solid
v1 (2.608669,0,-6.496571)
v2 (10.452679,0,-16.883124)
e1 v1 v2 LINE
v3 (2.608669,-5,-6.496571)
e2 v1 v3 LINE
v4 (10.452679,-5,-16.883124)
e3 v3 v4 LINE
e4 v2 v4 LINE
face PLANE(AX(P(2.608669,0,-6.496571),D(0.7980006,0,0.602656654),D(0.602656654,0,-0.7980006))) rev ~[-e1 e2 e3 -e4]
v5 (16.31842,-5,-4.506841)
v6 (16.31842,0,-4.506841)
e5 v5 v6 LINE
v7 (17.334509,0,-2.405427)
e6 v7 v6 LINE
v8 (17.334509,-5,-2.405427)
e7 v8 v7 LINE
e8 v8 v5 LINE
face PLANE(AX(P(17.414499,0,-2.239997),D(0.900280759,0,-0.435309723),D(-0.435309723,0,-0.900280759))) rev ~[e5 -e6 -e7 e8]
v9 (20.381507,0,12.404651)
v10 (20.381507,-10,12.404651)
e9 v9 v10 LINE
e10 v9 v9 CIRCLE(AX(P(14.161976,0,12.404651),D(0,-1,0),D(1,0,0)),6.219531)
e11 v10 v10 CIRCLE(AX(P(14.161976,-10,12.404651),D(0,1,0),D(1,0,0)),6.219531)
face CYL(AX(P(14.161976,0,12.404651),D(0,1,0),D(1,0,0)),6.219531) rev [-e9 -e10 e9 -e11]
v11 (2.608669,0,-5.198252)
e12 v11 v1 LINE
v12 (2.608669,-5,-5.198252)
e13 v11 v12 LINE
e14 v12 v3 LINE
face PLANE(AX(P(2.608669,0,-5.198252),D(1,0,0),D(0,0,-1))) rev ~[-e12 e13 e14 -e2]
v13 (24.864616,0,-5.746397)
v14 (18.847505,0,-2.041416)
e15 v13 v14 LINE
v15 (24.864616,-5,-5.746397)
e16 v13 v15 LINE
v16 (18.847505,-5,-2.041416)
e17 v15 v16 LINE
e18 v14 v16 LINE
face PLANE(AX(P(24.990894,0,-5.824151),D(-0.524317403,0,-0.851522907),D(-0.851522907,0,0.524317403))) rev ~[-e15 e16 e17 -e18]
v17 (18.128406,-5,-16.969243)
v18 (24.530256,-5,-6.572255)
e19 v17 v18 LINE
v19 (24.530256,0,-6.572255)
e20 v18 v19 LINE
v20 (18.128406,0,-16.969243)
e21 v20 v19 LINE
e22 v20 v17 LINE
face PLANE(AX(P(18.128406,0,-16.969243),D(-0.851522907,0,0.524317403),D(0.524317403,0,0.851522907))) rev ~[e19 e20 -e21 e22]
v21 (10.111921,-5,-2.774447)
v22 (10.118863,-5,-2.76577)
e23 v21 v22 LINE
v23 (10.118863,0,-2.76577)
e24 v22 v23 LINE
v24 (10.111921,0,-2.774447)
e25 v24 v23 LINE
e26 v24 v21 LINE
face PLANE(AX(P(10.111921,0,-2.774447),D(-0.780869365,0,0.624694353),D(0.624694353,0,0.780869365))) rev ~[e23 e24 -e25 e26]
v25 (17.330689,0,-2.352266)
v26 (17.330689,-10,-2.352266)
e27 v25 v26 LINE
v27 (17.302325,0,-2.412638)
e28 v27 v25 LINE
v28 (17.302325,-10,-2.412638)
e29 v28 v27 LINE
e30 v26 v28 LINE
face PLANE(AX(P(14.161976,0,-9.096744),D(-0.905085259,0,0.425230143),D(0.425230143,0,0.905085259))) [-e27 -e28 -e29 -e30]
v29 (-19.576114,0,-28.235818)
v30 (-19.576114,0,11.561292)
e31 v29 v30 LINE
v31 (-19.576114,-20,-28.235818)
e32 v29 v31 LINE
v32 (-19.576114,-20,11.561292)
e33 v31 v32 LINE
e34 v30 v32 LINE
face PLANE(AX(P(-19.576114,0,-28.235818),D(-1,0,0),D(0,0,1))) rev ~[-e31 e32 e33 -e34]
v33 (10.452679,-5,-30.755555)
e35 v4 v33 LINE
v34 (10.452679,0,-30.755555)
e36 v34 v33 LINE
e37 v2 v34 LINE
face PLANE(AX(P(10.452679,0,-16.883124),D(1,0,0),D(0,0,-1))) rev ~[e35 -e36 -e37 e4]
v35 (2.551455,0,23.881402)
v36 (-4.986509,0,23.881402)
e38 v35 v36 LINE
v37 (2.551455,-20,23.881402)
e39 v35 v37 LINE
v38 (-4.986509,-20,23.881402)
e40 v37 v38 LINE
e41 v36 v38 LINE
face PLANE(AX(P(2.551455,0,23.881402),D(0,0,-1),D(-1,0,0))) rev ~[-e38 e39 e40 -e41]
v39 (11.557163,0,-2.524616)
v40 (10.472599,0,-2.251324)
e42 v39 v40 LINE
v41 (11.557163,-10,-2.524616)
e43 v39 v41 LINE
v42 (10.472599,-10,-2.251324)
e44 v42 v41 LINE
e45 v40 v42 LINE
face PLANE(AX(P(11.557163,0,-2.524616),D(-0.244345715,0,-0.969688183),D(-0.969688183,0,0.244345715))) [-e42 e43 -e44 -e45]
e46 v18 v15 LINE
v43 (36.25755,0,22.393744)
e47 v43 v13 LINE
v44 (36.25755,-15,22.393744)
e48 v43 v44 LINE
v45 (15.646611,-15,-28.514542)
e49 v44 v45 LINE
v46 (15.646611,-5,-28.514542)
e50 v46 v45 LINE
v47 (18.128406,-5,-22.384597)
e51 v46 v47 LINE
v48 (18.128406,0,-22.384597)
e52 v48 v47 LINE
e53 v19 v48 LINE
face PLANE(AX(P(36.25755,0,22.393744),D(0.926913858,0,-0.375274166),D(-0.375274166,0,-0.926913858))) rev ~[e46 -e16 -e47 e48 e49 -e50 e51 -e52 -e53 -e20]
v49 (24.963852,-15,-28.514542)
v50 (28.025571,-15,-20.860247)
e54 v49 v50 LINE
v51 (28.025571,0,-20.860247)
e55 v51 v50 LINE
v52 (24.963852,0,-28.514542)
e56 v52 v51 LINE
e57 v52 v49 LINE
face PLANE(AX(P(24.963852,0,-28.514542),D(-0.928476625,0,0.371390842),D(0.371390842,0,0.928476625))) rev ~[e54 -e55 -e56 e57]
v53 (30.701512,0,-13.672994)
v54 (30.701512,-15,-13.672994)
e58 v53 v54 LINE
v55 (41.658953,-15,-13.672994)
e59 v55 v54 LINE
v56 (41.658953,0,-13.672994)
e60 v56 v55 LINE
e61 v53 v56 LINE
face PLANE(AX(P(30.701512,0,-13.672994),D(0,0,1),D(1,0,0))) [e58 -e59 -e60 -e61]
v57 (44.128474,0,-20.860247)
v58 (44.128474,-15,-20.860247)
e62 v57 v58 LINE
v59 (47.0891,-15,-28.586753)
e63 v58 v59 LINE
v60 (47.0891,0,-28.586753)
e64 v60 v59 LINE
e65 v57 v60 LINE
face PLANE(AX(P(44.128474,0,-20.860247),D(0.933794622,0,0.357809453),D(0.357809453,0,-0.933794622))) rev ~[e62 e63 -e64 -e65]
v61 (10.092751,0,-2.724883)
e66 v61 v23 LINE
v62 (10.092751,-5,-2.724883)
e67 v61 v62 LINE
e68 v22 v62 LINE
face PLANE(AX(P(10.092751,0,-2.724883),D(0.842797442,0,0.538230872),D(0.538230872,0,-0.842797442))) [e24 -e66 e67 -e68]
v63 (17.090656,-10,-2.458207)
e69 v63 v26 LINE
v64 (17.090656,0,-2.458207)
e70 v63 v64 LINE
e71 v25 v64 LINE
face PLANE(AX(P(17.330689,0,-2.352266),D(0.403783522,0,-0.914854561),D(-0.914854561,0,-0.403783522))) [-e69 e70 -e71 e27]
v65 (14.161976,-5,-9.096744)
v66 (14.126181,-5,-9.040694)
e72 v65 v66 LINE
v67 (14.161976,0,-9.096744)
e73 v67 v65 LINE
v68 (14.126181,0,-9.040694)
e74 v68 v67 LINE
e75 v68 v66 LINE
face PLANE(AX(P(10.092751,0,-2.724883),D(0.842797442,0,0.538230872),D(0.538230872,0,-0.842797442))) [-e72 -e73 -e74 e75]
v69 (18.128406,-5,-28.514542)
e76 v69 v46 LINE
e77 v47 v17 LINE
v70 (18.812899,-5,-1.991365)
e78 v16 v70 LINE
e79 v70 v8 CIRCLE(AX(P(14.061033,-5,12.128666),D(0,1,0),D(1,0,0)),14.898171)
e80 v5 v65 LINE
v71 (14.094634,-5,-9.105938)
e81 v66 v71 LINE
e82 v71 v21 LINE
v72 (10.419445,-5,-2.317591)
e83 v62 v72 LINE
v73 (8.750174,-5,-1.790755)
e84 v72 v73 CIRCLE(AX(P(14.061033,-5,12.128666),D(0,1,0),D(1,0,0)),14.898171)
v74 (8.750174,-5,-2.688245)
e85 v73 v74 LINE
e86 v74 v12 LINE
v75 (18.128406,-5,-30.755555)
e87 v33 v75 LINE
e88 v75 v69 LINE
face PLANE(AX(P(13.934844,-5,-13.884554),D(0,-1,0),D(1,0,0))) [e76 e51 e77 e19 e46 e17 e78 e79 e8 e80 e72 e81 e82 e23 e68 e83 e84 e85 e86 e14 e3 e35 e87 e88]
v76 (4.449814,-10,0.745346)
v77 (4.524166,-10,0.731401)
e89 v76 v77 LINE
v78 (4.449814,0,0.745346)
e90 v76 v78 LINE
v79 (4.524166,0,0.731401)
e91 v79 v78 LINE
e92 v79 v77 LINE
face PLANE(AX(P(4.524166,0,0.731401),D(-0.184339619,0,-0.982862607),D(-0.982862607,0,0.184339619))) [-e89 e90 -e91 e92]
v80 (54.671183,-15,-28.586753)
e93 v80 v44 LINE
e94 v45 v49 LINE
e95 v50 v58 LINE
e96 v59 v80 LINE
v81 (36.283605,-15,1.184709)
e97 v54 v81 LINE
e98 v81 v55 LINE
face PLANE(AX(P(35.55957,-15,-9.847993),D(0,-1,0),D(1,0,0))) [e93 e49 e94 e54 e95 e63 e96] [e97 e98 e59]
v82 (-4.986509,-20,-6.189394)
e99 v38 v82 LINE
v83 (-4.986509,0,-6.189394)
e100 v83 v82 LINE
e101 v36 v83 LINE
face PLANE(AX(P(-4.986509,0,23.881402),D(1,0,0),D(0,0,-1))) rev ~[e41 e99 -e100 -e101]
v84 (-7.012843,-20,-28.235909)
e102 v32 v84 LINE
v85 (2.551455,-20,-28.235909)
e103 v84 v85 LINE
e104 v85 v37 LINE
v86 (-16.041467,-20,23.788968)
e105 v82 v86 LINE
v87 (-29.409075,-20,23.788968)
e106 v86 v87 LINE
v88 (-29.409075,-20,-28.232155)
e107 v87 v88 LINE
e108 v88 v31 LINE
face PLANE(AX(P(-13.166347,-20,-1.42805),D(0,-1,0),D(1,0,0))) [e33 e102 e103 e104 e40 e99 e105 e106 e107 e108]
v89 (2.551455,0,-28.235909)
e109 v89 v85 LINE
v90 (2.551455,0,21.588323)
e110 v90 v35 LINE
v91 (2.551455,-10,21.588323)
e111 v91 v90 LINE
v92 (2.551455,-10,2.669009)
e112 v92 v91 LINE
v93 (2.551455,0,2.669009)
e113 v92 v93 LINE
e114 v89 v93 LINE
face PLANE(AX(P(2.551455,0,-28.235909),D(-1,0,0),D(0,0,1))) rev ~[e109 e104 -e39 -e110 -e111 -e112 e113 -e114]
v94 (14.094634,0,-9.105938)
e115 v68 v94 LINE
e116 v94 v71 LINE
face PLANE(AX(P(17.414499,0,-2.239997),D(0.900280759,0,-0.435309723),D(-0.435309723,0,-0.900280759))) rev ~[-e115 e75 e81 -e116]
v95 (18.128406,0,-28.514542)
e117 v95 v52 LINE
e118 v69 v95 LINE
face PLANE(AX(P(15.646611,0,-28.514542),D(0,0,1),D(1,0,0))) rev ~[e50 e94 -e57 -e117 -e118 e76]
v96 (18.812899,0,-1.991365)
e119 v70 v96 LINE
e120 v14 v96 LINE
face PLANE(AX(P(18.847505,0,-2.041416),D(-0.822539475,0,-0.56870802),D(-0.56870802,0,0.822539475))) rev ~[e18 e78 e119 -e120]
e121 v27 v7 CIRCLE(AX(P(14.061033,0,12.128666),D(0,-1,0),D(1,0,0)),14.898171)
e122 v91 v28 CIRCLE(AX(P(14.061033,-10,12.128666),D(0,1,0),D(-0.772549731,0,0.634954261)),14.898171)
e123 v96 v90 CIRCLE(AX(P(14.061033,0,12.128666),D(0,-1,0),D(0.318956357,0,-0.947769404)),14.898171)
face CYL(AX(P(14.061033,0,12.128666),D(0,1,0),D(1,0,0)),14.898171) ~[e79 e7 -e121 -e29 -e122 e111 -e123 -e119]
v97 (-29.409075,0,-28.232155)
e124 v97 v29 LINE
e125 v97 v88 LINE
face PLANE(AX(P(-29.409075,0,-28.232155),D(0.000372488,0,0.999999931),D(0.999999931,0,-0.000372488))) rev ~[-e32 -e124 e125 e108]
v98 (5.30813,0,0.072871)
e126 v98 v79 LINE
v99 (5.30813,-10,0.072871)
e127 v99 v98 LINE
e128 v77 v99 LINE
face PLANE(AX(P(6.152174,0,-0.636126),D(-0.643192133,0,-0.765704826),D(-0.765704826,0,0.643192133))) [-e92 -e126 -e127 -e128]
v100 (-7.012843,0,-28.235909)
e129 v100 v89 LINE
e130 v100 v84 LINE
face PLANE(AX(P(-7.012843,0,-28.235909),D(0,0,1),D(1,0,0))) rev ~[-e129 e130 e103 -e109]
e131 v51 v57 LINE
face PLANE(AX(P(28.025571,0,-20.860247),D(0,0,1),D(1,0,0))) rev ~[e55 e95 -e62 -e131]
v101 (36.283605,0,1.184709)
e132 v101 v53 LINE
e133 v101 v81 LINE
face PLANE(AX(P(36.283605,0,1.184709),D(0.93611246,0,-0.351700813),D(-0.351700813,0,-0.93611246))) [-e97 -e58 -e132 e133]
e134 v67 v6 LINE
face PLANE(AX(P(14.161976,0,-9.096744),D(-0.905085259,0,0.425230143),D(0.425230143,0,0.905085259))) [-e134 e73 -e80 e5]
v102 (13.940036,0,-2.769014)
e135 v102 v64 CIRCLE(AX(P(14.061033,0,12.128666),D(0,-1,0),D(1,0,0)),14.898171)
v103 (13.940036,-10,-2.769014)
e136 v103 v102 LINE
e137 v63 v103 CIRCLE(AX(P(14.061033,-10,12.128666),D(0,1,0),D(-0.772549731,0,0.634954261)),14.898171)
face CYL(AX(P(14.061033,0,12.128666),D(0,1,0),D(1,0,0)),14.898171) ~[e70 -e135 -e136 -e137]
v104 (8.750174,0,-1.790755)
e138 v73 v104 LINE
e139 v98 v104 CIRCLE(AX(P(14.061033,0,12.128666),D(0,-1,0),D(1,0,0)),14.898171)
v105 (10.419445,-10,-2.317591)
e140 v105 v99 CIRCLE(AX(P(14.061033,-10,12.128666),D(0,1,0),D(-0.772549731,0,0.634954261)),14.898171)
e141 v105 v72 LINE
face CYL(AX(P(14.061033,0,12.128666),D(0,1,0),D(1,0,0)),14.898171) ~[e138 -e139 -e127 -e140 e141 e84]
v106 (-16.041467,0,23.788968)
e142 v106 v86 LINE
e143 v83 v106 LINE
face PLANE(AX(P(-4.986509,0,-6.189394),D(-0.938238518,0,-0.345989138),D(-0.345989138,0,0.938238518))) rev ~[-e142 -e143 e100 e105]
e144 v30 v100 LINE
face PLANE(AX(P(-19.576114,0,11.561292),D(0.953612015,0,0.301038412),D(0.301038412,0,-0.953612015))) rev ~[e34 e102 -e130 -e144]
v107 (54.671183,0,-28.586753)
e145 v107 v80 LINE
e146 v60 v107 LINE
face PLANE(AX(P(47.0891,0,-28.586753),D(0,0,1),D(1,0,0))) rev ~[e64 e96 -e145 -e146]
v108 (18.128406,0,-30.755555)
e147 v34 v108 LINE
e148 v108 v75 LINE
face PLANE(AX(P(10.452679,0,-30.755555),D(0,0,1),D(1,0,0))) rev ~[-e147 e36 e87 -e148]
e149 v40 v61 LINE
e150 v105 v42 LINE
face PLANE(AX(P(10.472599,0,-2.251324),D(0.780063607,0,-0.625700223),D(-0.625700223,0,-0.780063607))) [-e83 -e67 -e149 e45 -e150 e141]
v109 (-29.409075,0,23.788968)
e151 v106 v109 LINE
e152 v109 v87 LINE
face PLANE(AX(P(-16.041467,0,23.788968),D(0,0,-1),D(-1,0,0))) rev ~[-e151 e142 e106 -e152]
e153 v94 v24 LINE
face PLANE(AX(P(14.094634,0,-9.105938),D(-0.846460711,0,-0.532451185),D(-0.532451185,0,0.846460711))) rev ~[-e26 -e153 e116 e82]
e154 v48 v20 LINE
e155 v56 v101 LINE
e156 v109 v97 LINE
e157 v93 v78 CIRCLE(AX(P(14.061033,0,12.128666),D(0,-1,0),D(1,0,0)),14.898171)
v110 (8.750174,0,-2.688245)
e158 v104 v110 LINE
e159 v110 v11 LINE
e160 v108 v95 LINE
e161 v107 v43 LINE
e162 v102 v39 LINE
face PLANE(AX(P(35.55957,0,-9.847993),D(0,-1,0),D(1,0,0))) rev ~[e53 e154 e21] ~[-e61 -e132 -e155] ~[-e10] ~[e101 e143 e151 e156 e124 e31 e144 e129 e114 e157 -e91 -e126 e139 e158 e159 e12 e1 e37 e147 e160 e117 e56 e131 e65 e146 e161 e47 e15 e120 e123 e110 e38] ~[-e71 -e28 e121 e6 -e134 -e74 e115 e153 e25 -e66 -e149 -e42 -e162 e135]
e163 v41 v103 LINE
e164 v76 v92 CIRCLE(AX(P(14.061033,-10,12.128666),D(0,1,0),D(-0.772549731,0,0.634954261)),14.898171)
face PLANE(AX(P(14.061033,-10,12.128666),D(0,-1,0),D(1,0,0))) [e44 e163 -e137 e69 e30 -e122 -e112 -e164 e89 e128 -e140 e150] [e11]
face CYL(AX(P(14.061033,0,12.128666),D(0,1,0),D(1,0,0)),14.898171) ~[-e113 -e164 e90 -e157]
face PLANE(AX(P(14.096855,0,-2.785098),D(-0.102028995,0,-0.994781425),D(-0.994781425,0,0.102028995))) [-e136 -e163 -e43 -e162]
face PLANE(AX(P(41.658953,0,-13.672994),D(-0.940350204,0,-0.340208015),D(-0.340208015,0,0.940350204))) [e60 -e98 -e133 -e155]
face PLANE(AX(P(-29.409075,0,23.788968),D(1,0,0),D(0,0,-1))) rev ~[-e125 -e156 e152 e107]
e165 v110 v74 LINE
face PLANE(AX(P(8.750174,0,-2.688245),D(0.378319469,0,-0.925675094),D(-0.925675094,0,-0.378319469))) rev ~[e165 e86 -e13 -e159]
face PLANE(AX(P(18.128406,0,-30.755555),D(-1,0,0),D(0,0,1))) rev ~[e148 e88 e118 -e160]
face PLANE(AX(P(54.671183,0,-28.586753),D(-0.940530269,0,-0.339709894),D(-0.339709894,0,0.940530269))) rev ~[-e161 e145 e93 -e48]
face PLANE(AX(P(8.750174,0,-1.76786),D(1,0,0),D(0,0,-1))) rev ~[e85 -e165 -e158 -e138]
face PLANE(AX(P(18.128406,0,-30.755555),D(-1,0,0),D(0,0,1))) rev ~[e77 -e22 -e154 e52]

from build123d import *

# Parameters (mm, degrees)
F6_DEPTH  = 20
F7_DEPTH  = 5
F2_R      = 14.8981709713
F8_DEPTH  = 10
F9_DEPTH  = 15
F5_R      = 6.2195311323
F10_DEPTH = 20.001


with BuildPart() as f6:
    # F1 (on Front) → F6 (new body)
    with BuildSketch(Plane.XZ):
        Polygon((-29.4090751559, 23.7889681011), (-29.4090751559, -28.2321553677), (-19.5761136711, -28.2358180233), (-19.5761136711, 11.5612922236), (-7.0128426887, -28.2359085977), (2.5514548179, -28.2359085977), (2.5514548179, 23.8814018667), (-4.9865087494, 23.8814018667), (-4.9865087494, -6.1893938109), (-16.0414669663, 23.7889681011), align=None)
    extrude(amount=F6_DEPTH)



with BuildPart() as f7:
    # F3 (on Front) → F7 (new body)
    with BuildSketch(Plane.XZ):
        Polygon((10.5204042047, -2.2638426162), (8.7501741946, -1.767860345), (8.7501741946, -2.6882454621), (2.6086692233, -5.1982523873), (2.6086692233, -6.4965714701), (10.4526793584, -16.883123666), (10.4526793584, -30.7555552572), (18.1284062564, -30.7555552572), (18.1284062564, -16.9692430645), (24.9908941437, -5.8241511643), (18.8475046307, -2.0414155442), (18.2504130668, -1.177824098), (17.1879893938, -1.9123892853), (17.4144990742, -2.239997033), (14.0946339816, -9.1059375554), (10.1119214669, -2.7744469699), align=None)
    extrude(amount=F7_DEPTH)


with BuildPart() as f6_1:
    add(f6.part)

    add(f7.part)  # F8 merges F7
    # F2 (on Front) → F8 (join)
    with BuildSketch(Plane.XZ):
        with Locations((14.0610327944, 12.1286660433)):
            Circle(F2_R)
    extrude(amount=F8_DEPTH)

    # F4 (on Front) → F9 (join)
    with BuildSketch(Plane.XZ):
        Polygon((54.6711832285, -28.5867527127), (36.2575501204, 22.3937444389), (15.6466114905, -28.5145416856), (24.9638519287, -28.5145416856), (28.0255712569, -20.860247314), (44.1284738481, -20.860247314), (47.089099884, -28.5867527127), align=None)
    extrude(amount=F9_DEPTH)

    # F5 (on Front) + F0 (on Front) → F10 (cut, through all)
    with BuildSketch(Plane.XZ):
        Polygon((10.4725992623, -2.2513235357), (10.0927506823, -2.7248826654), (14.1619760543, -9.0967444703), (17.3306893557, -2.3522656411), (16.3500196487, -2.7850975748), (14.0968551859, -2.7850975748), (11.5571627393, -2.5246159639), align=None)
        with Locations((14.1619760543, 12.4046513811)):
            Circle(F5_R)
        Polygon((4.5241662301, 0.7314007962), (4.2605670169, 0.7808398308), (4.2605670169, -4.4249454513), (8.7323186063, -2.633718365), (8.7323186063, -1.8077495305), (7.9755438492, -1.6129313735), (6.1521744356, -0.636126264), align=None)
    with BuildSketch(Plane.XZ):
        Polygon((30.7015124708, -13.6729935011), (41.6589528322, -13.6729935011), (36.2836048007, 1.1847094047), align=None)
    extrude(amount=F10_DEPTH, mode=Mode.SUBTRACT)


solid = f6_1.part
